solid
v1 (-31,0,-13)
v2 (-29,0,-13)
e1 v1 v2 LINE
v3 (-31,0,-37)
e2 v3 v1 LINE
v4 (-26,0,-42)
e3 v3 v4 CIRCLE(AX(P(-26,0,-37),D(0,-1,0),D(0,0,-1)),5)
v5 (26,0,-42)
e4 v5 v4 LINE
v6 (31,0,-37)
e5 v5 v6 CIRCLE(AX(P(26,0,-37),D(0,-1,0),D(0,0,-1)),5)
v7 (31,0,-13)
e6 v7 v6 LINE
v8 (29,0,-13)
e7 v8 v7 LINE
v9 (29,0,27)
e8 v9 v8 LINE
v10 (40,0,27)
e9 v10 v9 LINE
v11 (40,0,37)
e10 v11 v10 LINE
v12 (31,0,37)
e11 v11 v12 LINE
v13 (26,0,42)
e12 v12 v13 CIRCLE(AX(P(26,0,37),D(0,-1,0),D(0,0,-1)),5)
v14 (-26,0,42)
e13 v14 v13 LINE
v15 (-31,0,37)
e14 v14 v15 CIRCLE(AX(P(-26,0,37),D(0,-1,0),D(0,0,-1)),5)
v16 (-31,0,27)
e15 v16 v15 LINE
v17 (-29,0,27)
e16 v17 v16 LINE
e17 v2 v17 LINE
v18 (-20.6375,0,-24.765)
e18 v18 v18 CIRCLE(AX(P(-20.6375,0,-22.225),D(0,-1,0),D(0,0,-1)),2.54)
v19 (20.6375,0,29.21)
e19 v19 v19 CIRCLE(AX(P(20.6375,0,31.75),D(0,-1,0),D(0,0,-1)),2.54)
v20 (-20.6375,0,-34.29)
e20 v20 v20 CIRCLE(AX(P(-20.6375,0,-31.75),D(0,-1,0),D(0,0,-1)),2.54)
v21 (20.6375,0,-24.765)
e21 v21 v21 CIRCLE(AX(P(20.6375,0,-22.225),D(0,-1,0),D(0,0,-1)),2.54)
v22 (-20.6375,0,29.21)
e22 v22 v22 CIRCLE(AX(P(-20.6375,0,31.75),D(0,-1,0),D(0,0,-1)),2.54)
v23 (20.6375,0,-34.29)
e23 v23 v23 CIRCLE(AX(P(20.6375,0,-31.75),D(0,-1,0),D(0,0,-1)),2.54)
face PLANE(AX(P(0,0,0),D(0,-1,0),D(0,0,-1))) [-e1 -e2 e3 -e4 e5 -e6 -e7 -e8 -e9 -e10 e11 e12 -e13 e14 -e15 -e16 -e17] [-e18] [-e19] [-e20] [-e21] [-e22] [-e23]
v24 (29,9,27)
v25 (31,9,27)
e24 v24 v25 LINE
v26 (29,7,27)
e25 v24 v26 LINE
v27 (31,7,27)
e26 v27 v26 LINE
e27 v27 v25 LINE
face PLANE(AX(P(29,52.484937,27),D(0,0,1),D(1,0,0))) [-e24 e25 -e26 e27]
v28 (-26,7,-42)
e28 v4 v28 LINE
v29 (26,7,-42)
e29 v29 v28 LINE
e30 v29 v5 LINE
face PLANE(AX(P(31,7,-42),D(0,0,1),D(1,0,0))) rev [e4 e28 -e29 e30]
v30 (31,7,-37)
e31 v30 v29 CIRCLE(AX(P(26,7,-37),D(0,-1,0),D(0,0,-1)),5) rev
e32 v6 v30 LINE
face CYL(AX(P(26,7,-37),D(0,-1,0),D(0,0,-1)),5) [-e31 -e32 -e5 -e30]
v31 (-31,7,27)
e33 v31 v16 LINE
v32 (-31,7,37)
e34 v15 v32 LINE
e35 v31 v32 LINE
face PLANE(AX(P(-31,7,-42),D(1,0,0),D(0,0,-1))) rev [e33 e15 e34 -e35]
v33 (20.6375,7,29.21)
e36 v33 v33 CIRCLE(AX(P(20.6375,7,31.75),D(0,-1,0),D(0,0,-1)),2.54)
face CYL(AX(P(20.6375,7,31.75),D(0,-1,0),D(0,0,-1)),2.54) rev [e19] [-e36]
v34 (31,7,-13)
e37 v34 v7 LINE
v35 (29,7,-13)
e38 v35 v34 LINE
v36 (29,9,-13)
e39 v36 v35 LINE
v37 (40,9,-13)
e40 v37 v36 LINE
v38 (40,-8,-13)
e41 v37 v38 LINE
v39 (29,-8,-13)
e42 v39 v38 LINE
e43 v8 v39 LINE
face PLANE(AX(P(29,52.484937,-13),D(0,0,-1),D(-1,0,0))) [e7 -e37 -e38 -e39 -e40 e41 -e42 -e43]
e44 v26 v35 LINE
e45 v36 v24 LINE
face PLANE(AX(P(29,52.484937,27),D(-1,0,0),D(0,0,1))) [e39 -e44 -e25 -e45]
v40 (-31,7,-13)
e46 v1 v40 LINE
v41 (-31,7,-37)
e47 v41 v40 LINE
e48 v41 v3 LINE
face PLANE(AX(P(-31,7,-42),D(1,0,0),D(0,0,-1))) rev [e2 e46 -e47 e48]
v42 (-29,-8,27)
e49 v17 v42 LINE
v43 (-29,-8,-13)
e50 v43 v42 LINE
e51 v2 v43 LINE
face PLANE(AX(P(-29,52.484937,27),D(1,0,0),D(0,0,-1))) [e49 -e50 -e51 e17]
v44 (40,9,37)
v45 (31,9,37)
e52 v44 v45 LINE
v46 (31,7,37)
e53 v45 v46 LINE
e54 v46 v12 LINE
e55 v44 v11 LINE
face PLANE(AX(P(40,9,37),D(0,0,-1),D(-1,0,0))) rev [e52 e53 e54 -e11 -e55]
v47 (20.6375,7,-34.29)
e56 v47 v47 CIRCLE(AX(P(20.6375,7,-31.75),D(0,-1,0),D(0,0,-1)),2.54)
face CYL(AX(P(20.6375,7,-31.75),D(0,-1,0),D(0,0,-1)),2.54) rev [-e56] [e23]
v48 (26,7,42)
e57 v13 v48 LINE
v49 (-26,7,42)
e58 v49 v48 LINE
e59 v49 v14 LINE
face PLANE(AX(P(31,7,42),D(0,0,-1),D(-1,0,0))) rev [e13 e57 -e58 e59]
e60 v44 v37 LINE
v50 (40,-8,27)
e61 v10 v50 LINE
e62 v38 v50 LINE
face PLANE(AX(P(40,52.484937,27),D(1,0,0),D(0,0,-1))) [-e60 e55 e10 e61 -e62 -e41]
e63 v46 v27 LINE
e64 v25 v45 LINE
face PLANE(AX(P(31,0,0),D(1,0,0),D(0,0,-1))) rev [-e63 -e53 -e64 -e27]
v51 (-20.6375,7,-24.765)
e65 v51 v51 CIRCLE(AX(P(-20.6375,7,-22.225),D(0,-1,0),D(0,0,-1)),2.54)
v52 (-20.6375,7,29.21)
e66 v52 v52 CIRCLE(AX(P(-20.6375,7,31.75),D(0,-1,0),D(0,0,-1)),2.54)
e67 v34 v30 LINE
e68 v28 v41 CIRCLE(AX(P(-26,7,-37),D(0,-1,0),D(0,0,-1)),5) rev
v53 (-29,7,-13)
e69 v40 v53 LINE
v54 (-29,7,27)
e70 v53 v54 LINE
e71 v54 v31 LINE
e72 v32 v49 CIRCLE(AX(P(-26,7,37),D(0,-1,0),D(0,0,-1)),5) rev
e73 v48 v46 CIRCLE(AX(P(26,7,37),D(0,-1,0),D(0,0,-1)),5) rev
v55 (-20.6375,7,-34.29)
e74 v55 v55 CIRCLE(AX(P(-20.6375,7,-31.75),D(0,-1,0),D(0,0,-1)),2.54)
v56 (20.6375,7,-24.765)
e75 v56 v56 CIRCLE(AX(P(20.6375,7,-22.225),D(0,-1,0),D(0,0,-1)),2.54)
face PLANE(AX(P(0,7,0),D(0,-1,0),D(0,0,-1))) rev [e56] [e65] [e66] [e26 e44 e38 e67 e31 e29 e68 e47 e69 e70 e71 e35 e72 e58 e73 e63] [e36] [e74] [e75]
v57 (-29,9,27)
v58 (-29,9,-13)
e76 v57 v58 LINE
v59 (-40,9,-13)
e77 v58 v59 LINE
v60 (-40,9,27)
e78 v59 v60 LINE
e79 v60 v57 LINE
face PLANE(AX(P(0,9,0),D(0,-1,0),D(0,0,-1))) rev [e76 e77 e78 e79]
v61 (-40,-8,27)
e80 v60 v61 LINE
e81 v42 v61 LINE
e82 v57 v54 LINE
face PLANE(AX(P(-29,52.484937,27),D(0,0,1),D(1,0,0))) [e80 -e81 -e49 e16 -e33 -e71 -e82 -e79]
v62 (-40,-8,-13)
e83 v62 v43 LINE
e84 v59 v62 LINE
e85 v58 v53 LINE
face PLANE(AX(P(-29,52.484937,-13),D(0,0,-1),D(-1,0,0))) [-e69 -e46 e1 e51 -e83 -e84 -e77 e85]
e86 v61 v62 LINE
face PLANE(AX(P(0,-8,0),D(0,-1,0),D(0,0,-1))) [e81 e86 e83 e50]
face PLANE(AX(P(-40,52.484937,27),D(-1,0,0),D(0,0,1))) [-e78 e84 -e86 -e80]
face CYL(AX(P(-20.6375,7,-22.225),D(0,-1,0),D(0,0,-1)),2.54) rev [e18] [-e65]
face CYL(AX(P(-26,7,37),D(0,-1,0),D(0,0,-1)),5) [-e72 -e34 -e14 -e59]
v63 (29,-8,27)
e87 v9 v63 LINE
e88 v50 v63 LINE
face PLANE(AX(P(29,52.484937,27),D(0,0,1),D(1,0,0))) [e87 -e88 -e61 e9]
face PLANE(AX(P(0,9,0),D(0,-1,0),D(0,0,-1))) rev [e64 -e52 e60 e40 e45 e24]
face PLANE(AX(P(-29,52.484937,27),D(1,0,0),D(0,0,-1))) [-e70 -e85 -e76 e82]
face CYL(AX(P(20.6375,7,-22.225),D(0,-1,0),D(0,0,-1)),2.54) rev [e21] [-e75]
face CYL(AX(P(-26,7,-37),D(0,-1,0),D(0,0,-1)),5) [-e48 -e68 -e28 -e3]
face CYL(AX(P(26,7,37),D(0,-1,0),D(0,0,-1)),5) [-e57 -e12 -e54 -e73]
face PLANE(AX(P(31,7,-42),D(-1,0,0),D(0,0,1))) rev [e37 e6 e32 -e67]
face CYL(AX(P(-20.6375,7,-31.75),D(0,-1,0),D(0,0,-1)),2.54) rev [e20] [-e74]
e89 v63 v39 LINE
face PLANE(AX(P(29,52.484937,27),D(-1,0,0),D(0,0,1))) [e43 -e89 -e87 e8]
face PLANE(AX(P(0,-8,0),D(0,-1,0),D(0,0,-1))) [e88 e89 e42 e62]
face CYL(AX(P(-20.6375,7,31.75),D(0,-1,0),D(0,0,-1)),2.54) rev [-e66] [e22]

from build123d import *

# Parameters (mm, degrees)
SKETCH_2_W               = 62
SKETCH_2_H               = 84
EXTRUDE_1_DEPTH          = 7
CUT_EXTRUDE_1_DEPTH      = 53.668776329
CUT_EXTRUDE_1_DEPTH_BACK = 53.668776329
SKETCH_4_R               = 2.54
FILLET_1_R               = 5
FILLET_4_R               = 5
EXTRUDE_2_DEPTH          = 8
EXTRUDE_2_DEPTH_BACK     = 9
SKETCH_5_W               = 11
SKETCH_5_H               = 40
SKETCH_11_W              = 10
SKETCH_11_H              = 9
EXTRUDE_3_DEPTH          = 9


with BuildPart() as part:
    # 스케치2 → 보스-돌출1 (new body)
    with BuildSketch(Plane(origin=(0, 0, 0), x_dir=(1, 0, 0), z_dir=(0, 1, 0))):
        Rectangle(SKETCH_2_W, SKETCH_2_H)
    extrude(amount=EXTRUDE_1_DEPTH)

    # 스케치4 → 컷-돌출1 (cut, two sides: drawn at the far end of the back side and taken through both)
    with BuildSketch(Plane.XZ.offset(-CUT_EXTRUDE_1_DEPTH_BACK)):
        with Locations(Location((20.6375, 31.75, 0), (0, 0, 270))):
            Circle(SKETCH_4_R)
        with Locations(Location((20.6375, -22.225, 0), (0, 0, 270))):
            Circle(SKETCH_4_R)
        with Locations(Location((20.6375, -31.75, 0), (0, 0, 270))):
            Circle(SKETCH_4_R)
        with Locations(Location((-20.6375, -31.75, 0), (0, 0, 270))):
            Circle(SKETCH_4_R)
        with Locations(Location((-20.6375, -22.225, 0), (0, 0, 270))):
            Circle(SKETCH_4_R)
        with Locations(Location((-20.6375, 31.75, 0), (0, 0, 270))):
            Circle(SKETCH_4_R)
    extrude(amount=CUT_EXTRUDE_1_DEPTH + CUT_EXTRUDE_1_DEPTH_BACK, mode=Mode.SUBTRACT)

    # 필렛1
    fillet_1_edges = [part.edges().sort_by_distance(p)[0] for p in [
        (-31, 3.5, -42),
        (31, 3.5, -42),
    ]]
    fillet(fillet_1_edges, radius=FILLET_1_R)

    # 필렛4
    fillet_4_edges = [part.edges().sort_by_distance(p)[0] for p in [
        (31, 3.5, 42),
        (-31, 3.5, 42),
    ]]
    fillet(fillet_4_edges, radius=FILLET_4_R)

    # 스케치5 → 보스-돌출2 (add, two sides: drawn at the far end of the back side and taken through both)
    with BuildSketch(Plane.XZ.offset(-EXTRUDE_2_DEPTH_BACK)):
        with Locations((-34.5, 7)):
            Rectangle(SKETCH_5_W, SKETCH_5_H)
        with Locations((34.5, 7)):
            Rectangle(SKETCH_5_W, SKETCH_5_H)
    extrude(amount=EXTRUDE_2_DEPTH + EXTRUDE_2_DEPTH_BACK)

    # 스케치11 → 보스-돌출3 (add)
    with BuildSketch(Plane(origin=(31, 0, 0), x_dir=(0, 0, -1), z_dir=(1, 0, 0))):
        with Locations((-32, 4.5)):
            Rectangle(SKETCH_11_W, SKETCH_11_H)
    extrude(amount=EXTRUDE_3_DEPTH)


solid = part.part
